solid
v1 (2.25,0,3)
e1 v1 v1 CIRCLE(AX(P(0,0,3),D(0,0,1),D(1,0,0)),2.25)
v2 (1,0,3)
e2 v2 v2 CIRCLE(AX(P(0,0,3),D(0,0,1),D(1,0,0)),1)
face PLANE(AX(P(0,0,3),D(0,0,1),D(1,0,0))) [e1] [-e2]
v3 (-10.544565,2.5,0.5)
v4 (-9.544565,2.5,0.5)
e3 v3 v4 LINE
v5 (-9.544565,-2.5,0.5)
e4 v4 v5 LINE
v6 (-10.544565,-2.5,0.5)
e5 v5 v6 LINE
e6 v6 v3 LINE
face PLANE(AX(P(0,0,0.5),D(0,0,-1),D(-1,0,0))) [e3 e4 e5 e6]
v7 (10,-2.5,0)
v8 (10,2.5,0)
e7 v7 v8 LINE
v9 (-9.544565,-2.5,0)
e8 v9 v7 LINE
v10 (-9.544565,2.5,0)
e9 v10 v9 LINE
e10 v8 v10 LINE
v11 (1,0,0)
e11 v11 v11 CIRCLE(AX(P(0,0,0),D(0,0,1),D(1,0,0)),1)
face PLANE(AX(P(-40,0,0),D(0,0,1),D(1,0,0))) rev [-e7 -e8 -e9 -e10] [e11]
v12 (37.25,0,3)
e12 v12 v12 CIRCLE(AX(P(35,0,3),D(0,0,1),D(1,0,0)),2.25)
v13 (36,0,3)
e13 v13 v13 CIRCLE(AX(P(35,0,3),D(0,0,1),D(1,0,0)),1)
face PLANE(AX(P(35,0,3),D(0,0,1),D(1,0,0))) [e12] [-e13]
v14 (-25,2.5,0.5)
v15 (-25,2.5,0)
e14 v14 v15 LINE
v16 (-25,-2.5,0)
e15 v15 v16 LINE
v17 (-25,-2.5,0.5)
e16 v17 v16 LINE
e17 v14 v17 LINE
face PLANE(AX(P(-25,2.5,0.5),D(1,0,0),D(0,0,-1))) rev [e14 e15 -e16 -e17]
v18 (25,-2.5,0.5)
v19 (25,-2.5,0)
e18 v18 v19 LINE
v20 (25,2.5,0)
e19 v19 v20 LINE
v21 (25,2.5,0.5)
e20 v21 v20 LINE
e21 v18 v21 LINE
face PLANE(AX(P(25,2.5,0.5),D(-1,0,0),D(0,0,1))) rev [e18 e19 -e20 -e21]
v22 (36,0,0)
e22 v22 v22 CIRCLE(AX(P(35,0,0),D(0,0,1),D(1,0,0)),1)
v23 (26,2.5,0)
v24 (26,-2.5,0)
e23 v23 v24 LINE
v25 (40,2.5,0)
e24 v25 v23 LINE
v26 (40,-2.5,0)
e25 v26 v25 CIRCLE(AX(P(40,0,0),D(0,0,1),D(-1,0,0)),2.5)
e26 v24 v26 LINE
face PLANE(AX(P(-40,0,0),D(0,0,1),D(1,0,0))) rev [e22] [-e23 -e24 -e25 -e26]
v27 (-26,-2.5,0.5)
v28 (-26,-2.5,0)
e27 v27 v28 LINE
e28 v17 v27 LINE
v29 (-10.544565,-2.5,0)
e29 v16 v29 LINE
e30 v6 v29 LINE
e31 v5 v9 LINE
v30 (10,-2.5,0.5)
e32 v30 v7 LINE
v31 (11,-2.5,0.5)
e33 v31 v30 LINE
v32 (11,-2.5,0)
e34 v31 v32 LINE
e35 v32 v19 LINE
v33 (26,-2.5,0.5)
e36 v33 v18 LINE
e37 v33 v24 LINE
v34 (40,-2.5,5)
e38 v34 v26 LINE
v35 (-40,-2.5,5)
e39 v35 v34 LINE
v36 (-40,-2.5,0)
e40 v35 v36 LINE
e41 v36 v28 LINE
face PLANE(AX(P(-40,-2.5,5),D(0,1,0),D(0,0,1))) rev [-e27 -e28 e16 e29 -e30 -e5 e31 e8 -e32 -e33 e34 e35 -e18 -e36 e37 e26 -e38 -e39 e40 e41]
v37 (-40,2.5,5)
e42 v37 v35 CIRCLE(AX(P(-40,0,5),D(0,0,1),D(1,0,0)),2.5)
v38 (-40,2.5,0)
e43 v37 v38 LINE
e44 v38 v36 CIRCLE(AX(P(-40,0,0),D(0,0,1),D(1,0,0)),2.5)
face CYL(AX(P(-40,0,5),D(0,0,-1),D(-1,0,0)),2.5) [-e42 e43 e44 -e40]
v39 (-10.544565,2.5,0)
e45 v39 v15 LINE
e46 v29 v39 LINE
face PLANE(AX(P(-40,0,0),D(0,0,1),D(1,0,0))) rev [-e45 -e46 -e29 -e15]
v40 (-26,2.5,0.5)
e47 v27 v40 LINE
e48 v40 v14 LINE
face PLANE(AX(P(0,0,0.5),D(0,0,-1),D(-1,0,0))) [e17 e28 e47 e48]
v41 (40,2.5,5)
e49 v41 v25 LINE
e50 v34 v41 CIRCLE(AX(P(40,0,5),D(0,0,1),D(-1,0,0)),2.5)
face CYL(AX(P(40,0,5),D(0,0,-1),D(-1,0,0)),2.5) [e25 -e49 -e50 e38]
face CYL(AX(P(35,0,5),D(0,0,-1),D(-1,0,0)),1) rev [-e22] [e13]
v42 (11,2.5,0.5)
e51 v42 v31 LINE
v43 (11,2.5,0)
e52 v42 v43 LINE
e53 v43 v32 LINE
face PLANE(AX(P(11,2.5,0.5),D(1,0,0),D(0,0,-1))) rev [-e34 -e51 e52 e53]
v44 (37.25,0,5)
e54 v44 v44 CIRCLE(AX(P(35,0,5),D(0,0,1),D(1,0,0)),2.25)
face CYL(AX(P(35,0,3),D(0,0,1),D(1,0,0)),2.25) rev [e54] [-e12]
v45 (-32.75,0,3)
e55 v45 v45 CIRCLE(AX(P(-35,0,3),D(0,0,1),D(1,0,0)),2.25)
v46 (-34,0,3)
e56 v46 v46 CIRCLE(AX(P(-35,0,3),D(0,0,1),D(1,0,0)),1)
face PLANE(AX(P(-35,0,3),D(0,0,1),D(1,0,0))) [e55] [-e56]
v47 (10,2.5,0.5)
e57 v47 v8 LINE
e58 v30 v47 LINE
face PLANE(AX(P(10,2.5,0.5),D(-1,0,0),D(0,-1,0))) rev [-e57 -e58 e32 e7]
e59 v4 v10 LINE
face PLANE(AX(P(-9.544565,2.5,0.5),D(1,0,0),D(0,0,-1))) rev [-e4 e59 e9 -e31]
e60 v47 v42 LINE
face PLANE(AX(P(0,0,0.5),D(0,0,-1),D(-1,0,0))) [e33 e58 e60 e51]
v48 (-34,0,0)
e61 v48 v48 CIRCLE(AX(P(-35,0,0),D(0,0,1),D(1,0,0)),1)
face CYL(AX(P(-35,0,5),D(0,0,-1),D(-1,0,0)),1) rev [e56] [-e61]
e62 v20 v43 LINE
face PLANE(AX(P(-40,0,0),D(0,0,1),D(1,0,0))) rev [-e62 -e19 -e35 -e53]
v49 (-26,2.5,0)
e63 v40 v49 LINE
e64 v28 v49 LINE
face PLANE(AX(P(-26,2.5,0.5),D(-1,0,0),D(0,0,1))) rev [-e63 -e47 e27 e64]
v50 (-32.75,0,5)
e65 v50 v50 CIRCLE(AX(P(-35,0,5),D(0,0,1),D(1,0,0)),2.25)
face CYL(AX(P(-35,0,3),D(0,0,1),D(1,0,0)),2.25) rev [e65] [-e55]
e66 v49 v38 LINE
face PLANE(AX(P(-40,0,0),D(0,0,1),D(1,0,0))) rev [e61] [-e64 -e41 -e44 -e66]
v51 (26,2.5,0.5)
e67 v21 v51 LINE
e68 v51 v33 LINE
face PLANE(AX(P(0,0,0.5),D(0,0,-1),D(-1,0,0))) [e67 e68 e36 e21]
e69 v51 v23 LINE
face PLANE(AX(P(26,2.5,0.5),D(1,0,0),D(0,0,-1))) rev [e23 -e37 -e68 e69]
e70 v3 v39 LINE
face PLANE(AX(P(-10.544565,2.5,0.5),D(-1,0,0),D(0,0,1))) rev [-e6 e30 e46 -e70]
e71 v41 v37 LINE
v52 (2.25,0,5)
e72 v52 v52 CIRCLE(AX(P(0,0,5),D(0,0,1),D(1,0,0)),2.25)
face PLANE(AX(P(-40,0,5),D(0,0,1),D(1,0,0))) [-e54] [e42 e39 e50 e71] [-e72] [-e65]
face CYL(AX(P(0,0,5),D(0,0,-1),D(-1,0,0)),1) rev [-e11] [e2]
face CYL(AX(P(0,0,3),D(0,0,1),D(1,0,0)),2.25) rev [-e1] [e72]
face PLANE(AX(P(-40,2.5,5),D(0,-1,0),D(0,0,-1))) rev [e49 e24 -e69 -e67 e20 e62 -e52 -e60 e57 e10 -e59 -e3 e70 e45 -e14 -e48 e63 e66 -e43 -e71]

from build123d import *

# Parameters (mm, degrees)
SKETCH_1_R          = 1
EXTRUDE_1_DEPTH     = 5
SKETCH_2_W          = 1
SKETCH_2_H          = 5
CUT_EXTRUDE_1_DEPTH = 0.5
SKETCH_3_R          = 2.25
CUT_EXTRUDE_3_DEPTH = 2


with BuildPart() as part:
    # 草图1 → 凸台-拉伸1 (new body)
    with BuildSketch(Plane.XY):
        with BuildLine():
            Line((-40, 2.5), (40, 2.5))
            ThreePointArc((40, 2.5), (42.500000092, 0), (40, -2.5))
            Line((40, -2.5), (-40, -2.5))
            ThreePointArc((-40, -2.5), (-42.5, 0), (-40, 2.5))
        make_face()
        with Locations((-35, 0)):
            Circle(SKETCH_1_R, mode=Mode.SUBTRACT)
        Circle(SKETCH_1_R, mode=Mode.SUBTRACT)
        with Locations((35, 0)):
            Circle(SKETCH_1_R, mode=Mode.SUBTRACT)
    extrude(amount=EXTRUDE_1_DEPTH)

    # 草图2 → 切除-拉伸1 (cut)
    with BuildSketch(Plane(origin=(0, 0, 0), x_dir=(-1, 0, 0), z_dir=(0, 0, -1))):
        with Locations((-25.5, 0)):
            Rectangle(SKETCH_2_W, SKETCH_2_H)
        with Locations((-10.5, 0)):
            Rectangle(SKETCH_2_W, SKETCH_2_H)
        with Locations((10.044565055, 0)):
            Rectangle(SKETCH_2_W, SKETCH_2_H)
        with Locations((25.5, 0)):
            Rectangle(SKETCH_2_W, SKETCH_2_H)
    extrude(amount=-CUT_EXTRUDE_1_DEPTH, mode=Mode.SUBTRACT)

    # 草图3 → 切除-拉伸3 (cut)
    with BuildSketch(Plane.XY.offset(5)):
        with Locations((-35, 0)):
            Circle(SKETCH_3_R)
        Circle(SKETCH_3_R)
        with Locations((35, 0)):
            Circle(SKETCH_3_R)
    extrude(amount=-CUT_EXTRUDE_3_DEPTH, mode=Mode.SUBTRACT)


solid = part.part
